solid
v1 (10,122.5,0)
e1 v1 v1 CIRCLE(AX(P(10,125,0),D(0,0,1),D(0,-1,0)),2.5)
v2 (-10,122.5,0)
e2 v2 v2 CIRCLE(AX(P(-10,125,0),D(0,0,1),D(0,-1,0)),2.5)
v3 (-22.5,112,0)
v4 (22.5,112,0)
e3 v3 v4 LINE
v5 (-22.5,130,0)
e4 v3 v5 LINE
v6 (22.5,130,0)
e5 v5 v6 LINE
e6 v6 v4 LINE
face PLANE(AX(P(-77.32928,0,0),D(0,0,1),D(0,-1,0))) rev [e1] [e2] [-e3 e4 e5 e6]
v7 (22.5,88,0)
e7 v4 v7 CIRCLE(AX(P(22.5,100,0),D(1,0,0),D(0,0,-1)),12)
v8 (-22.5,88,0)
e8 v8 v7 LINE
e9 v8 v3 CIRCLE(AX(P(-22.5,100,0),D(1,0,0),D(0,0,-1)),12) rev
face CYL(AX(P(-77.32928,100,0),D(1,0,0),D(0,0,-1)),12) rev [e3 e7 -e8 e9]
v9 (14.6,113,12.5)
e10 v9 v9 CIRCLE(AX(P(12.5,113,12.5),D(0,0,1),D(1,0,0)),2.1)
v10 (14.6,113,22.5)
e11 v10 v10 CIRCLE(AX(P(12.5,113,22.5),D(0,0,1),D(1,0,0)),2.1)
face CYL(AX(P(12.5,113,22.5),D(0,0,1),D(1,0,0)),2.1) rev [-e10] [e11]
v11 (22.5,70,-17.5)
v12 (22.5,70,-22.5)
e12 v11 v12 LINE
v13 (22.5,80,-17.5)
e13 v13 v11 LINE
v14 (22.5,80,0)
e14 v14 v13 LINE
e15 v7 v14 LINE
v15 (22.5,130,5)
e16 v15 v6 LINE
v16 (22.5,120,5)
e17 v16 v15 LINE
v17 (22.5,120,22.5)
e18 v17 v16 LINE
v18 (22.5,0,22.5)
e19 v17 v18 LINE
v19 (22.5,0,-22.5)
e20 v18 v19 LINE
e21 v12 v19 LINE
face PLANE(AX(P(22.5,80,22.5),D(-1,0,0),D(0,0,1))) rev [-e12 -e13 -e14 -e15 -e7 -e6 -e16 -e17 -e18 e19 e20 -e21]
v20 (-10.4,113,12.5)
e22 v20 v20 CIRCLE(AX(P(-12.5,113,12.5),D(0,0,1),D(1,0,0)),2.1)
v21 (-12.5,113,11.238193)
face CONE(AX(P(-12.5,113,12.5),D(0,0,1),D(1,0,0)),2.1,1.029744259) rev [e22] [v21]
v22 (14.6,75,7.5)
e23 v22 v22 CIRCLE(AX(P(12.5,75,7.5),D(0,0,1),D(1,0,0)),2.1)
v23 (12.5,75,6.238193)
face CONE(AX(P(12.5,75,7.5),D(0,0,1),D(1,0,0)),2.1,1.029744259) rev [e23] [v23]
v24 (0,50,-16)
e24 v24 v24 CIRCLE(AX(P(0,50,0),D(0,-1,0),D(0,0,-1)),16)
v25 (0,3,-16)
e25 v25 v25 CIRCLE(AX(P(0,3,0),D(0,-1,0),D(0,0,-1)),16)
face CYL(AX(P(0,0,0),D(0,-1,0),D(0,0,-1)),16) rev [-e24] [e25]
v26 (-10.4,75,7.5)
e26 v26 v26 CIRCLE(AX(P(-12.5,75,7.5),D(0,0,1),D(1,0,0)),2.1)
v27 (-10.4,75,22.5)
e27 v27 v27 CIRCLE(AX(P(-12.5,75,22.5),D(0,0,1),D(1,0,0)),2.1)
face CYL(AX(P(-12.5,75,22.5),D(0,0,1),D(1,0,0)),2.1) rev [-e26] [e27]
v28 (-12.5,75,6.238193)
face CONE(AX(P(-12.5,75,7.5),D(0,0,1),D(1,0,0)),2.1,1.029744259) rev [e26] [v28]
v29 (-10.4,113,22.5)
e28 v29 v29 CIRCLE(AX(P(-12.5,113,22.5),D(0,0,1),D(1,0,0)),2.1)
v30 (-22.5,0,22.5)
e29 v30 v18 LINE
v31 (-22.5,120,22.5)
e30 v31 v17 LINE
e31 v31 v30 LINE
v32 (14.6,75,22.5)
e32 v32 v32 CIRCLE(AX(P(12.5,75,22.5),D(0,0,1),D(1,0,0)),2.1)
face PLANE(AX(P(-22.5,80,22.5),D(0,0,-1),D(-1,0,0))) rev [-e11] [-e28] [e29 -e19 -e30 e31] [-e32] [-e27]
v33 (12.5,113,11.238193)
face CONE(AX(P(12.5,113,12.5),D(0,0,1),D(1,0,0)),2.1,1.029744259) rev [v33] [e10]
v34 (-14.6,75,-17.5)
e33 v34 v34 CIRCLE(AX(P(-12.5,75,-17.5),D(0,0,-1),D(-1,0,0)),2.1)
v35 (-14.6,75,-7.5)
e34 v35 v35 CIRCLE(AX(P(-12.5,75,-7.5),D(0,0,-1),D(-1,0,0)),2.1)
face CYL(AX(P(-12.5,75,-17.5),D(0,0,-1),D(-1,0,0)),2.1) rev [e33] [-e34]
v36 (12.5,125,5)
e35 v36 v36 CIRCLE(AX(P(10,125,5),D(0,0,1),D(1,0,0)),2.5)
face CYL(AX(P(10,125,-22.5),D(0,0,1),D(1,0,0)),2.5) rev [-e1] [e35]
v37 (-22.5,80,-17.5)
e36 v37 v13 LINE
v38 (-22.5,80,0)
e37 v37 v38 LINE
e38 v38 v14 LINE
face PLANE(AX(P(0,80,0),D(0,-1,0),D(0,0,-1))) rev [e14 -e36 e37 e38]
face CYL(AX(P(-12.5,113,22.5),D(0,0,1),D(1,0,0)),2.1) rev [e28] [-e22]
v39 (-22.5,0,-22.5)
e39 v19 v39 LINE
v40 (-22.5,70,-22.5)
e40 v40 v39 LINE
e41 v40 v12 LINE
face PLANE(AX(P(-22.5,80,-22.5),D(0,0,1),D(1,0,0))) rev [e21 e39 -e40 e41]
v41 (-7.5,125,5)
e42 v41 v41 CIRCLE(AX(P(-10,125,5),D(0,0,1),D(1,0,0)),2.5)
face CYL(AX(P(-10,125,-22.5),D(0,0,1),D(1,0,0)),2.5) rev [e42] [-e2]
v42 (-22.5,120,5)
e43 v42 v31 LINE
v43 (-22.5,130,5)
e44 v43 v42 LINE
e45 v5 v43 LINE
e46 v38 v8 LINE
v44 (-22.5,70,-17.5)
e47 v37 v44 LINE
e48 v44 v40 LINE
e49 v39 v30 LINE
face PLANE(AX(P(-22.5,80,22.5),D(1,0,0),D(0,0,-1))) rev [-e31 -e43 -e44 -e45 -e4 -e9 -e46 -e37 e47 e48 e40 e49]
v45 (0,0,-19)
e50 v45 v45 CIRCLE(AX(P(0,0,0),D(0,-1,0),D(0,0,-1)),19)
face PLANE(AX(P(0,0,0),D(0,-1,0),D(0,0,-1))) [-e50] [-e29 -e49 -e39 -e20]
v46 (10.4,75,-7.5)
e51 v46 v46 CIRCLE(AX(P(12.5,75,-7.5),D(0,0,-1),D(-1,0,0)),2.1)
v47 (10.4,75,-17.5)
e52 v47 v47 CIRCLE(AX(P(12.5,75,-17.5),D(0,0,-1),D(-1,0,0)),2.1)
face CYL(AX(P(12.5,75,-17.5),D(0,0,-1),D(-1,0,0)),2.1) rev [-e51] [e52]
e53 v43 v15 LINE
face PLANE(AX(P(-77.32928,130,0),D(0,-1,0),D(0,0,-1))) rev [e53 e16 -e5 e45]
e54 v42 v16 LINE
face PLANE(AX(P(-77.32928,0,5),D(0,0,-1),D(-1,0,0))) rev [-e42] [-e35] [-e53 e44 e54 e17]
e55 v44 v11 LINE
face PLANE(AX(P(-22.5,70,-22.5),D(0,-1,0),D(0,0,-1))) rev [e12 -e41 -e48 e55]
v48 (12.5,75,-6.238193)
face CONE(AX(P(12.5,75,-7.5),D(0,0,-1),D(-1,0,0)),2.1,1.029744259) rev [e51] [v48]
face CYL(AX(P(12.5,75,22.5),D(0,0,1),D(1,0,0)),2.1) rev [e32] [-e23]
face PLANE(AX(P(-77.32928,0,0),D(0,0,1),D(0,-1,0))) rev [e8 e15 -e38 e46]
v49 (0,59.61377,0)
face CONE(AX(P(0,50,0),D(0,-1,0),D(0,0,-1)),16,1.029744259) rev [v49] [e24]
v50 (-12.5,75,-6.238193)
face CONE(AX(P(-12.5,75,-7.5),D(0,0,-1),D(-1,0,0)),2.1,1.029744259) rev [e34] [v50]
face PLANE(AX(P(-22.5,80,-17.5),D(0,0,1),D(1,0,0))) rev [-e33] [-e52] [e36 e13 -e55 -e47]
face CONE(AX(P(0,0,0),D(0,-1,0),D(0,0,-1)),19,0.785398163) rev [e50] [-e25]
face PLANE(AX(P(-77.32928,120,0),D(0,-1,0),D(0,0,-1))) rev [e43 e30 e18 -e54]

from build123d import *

# Parameters (mm, degrees)
SKETCH_1_W                       = 45
SKETCH_1_H                       = 45
EXTRUDE_1_DEPTH                  = 80
HOLE_WIZARD_M36_1_D              = 32
HOLE_WIZARD_M36_1_DEPTH          = 50
HOLE_WIZARD_M36_1_CSINK_D        = 38
HOLE_WIZARD_M36_1_CSINK_ANGLE    = 90
HOLE_WIZARD_M36_1_TIP            = 9.613769904
SKETCH_6_W                       = 5
SKETCH_6_H                       = 10
EXTRUDE_2_DEPTH                  = 45
SKETCH_7_R                       = 2.5
CUT_EXTRUDE_1_DEPTH              = 135.768319719
SKETCH_8_W                       = 5
SKETCH_8_H                       = 10
CUT_EXTRUDE_2_DEPTH              = 140.396018595
HOLE_WIZARD_M5_1_D               = 4.2
HOLE_WIZARD_M5_1_DEPTH           = 15
HOLE_WIZARD_M5_1_TIP             = 1.2618073
HOLE_WIZARD_M5_2_D               = 4.2
HOLE_WIZARD_M5_2_DEPTH           = 10
HOLE_WIZARD_M5_2_TIP             = 1.2618073
HOLE_WIZARD_M5_2_ON_FACE_2_D     = 4.2
HOLE_WIZARD_M5_2_ON_FACE_2_DEPTH = 10
HOLE_WIZARD_M5_2_ON_FACE_2_TIP   = 1.2618073


with BuildPart() as part:
    # 草图1 → 凸台-拉伸1 (new body)
    with BuildSketch(Plane(origin=(0, 0, 0), x_dir=(1, 0, 0), z_dir=(0, 1, 0))):
        Rectangle(SKETCH_1_W, SKETCH_1_H)
    extrude(amount=EXTRUDE_1_DEPTH)

    # M36 螺纹孔1
    with Locations(Plane(origin=(0, 0, 0), x_dir=(-1, 0, 0), z_dir=(0, -1, 0))):
        with Locations((0, 0)):
            CounterSinkHole(HOLE_WIZARD_M36_1_D / 2, HOLE_WIZARD_M36_1_CSINK_D / 2, depth=HOLE_WIZARD_M36_1_DEPTH, counter_sink_angle=HOLE_WIZARD_M36_1_CSINK_ANGLE)
            with Locations((0, 0, -(HOLE_WIZARD_M36_1_DEPTH + HOLE_WIZARD_M36_1_TIP / 2))):  # 118° drill point
                Cone(0, HOLE_WIZARD_M36_1_D / 2, HOLE_WIZARD_M36_1_TIP, mode=Mode.SUBTRACT)

    # 草图6 → 凸台-拉伸2 (add)
    with BuildSketch(Plane(origin=(22.5, 0, 0), x_dir=(0, 0, -1), z_dir=(1, 0, 0))):
        with BuildLine():
            Line((-22.5, 100), (-22.5, 80))
            Line((-22.5, 80), (0, 80))
            Line((0, 80), (0, 88))
            ThreePointArc((0, 88), (-8.485281374, 91.514718626), (-12, 100))
            Line((-12, 100), (-22.5, 100))
        make_face()
        with BuildLine():
            Line((-22.5, 120), (-22.5, 100))
            Line((-22.5, 100), (-12, 100))
            ThreePointArc((-12, 100), (-8.485281374, 108.485281374), (0, 112))
            Line((0, 112), (0, 120))
            Line((0, 120), (-5, 120))
            Line((-5, 120), (-22.5, 120))
        make_face()
        with Locations((-2.5, 125)):
            Rectangle(SKETCH_6_W, SKETCH_6_H)
    extrude(amount=-EXTRUDE_2_DEPTH)

    # 草图7 → 切除-拉伸1 (cut, through all)
    with BuildSketch(Plane.XY.offset(5)):
        with Locations((10, 125)):
            Circle(SKETCH_7_R)
        with Locations((-10, 125)):
            Circle(SKETCH_7_R)
    extrude(amount=-CUT_EXTRUDE_1_DEPTH, mode=Mode.SUBTRACT)

    # 草图8 → 切除-拉伸2 (cut, through all)
    with BuildSketch(Plane(origin=(22.5, 0, 0), x_dir=(0, 0, -1), z_dir=(1, 0, 0))):
        with Locations((20, 75)):
            Rectangle(SKETCH_8_W, SKETCH_8_H)
    extrude(amount=-CUT_EXTRUDE_2_DEPTH, mode=Mode.SUBTRACT)

    # M5 螺纹孔的螺纹孔钻头1
    with Locations(Plane(origin=(-12.5, 75, 22.5), x_dir=(1, 0, 0), z_dir=(0, 0, 1))):
        with Locations((0, 0), (25, 0)):
            Hole(HOLE_WIZARD_M5_1_D / 2, depth=HOLE_WIZARD_M5_1_DEPTH)
            with Locations((0, 0, -(HOLE_WIZARD_M5_1_DEPTH + HOLE_WIZARD_M5_1_TIP / 2))):  # 118° drill point
                Cone(0, HOLE_WIZARD_M5_1_D / 2, HOLE_WIZARD_M5_1_TIP, mode=Mode.SUBTRACT)

    # M5 螺纹孔的螺纹孔钻头2
    with Locations(Plane(origin=(12.5, 75, -17.5), x_dir=(-1, 0, 0), z_dir=(0, 0, -1))):
        with Locations((0, 0), (25, 0)):
            Hole(HOLE_WIZARD_M5_2_D / 2, depth=HOLE_WIZARD_M5_2_DEPTH)
            with Locations((0, 0, -(HOLE_WIZARD_M5_2_DEPTH + HOLE_WIZARD_M5_2_TIP / 2))):  # 118° drill point
                Cone(0, HOLE_WIZARD_M5_2_D / 2, HOLE_WIZARD_M5_2_TIP, mode=Mode.SUBTRACT)

    # M5 螺纹孔的螺纹孔钻头2 on face 2
    with Locations(Plane(origin=(-12.5, 113, 22.5), x_dir=(1, 0, 0), z_dir=(0, 0, 1))):
        with Locations((0, 0), (25, 0)):
            Hole(HOLE_WIZARD_M5_2_ON_FACE_2_D / 2, depth=HOLE_WIZARD_M5_2_ON_FACE_2_DEPTH)
            with Locations((0, 0, -(HOLE_WIZARD_M5_2_ON_FACE_2_DEPTH + HOLE_WIZARD_M5_2_ON_FACE_2_TIP / 2))):  # 118° drill point
                Cone(0, HOLE_WIZARD_M5_2_ON_FACE_2_D / 2, HOLE_WIZARD_M5_2_ON_FACE_2_TIP, mode=Mode.SUBTRACT)


solid = part.part
